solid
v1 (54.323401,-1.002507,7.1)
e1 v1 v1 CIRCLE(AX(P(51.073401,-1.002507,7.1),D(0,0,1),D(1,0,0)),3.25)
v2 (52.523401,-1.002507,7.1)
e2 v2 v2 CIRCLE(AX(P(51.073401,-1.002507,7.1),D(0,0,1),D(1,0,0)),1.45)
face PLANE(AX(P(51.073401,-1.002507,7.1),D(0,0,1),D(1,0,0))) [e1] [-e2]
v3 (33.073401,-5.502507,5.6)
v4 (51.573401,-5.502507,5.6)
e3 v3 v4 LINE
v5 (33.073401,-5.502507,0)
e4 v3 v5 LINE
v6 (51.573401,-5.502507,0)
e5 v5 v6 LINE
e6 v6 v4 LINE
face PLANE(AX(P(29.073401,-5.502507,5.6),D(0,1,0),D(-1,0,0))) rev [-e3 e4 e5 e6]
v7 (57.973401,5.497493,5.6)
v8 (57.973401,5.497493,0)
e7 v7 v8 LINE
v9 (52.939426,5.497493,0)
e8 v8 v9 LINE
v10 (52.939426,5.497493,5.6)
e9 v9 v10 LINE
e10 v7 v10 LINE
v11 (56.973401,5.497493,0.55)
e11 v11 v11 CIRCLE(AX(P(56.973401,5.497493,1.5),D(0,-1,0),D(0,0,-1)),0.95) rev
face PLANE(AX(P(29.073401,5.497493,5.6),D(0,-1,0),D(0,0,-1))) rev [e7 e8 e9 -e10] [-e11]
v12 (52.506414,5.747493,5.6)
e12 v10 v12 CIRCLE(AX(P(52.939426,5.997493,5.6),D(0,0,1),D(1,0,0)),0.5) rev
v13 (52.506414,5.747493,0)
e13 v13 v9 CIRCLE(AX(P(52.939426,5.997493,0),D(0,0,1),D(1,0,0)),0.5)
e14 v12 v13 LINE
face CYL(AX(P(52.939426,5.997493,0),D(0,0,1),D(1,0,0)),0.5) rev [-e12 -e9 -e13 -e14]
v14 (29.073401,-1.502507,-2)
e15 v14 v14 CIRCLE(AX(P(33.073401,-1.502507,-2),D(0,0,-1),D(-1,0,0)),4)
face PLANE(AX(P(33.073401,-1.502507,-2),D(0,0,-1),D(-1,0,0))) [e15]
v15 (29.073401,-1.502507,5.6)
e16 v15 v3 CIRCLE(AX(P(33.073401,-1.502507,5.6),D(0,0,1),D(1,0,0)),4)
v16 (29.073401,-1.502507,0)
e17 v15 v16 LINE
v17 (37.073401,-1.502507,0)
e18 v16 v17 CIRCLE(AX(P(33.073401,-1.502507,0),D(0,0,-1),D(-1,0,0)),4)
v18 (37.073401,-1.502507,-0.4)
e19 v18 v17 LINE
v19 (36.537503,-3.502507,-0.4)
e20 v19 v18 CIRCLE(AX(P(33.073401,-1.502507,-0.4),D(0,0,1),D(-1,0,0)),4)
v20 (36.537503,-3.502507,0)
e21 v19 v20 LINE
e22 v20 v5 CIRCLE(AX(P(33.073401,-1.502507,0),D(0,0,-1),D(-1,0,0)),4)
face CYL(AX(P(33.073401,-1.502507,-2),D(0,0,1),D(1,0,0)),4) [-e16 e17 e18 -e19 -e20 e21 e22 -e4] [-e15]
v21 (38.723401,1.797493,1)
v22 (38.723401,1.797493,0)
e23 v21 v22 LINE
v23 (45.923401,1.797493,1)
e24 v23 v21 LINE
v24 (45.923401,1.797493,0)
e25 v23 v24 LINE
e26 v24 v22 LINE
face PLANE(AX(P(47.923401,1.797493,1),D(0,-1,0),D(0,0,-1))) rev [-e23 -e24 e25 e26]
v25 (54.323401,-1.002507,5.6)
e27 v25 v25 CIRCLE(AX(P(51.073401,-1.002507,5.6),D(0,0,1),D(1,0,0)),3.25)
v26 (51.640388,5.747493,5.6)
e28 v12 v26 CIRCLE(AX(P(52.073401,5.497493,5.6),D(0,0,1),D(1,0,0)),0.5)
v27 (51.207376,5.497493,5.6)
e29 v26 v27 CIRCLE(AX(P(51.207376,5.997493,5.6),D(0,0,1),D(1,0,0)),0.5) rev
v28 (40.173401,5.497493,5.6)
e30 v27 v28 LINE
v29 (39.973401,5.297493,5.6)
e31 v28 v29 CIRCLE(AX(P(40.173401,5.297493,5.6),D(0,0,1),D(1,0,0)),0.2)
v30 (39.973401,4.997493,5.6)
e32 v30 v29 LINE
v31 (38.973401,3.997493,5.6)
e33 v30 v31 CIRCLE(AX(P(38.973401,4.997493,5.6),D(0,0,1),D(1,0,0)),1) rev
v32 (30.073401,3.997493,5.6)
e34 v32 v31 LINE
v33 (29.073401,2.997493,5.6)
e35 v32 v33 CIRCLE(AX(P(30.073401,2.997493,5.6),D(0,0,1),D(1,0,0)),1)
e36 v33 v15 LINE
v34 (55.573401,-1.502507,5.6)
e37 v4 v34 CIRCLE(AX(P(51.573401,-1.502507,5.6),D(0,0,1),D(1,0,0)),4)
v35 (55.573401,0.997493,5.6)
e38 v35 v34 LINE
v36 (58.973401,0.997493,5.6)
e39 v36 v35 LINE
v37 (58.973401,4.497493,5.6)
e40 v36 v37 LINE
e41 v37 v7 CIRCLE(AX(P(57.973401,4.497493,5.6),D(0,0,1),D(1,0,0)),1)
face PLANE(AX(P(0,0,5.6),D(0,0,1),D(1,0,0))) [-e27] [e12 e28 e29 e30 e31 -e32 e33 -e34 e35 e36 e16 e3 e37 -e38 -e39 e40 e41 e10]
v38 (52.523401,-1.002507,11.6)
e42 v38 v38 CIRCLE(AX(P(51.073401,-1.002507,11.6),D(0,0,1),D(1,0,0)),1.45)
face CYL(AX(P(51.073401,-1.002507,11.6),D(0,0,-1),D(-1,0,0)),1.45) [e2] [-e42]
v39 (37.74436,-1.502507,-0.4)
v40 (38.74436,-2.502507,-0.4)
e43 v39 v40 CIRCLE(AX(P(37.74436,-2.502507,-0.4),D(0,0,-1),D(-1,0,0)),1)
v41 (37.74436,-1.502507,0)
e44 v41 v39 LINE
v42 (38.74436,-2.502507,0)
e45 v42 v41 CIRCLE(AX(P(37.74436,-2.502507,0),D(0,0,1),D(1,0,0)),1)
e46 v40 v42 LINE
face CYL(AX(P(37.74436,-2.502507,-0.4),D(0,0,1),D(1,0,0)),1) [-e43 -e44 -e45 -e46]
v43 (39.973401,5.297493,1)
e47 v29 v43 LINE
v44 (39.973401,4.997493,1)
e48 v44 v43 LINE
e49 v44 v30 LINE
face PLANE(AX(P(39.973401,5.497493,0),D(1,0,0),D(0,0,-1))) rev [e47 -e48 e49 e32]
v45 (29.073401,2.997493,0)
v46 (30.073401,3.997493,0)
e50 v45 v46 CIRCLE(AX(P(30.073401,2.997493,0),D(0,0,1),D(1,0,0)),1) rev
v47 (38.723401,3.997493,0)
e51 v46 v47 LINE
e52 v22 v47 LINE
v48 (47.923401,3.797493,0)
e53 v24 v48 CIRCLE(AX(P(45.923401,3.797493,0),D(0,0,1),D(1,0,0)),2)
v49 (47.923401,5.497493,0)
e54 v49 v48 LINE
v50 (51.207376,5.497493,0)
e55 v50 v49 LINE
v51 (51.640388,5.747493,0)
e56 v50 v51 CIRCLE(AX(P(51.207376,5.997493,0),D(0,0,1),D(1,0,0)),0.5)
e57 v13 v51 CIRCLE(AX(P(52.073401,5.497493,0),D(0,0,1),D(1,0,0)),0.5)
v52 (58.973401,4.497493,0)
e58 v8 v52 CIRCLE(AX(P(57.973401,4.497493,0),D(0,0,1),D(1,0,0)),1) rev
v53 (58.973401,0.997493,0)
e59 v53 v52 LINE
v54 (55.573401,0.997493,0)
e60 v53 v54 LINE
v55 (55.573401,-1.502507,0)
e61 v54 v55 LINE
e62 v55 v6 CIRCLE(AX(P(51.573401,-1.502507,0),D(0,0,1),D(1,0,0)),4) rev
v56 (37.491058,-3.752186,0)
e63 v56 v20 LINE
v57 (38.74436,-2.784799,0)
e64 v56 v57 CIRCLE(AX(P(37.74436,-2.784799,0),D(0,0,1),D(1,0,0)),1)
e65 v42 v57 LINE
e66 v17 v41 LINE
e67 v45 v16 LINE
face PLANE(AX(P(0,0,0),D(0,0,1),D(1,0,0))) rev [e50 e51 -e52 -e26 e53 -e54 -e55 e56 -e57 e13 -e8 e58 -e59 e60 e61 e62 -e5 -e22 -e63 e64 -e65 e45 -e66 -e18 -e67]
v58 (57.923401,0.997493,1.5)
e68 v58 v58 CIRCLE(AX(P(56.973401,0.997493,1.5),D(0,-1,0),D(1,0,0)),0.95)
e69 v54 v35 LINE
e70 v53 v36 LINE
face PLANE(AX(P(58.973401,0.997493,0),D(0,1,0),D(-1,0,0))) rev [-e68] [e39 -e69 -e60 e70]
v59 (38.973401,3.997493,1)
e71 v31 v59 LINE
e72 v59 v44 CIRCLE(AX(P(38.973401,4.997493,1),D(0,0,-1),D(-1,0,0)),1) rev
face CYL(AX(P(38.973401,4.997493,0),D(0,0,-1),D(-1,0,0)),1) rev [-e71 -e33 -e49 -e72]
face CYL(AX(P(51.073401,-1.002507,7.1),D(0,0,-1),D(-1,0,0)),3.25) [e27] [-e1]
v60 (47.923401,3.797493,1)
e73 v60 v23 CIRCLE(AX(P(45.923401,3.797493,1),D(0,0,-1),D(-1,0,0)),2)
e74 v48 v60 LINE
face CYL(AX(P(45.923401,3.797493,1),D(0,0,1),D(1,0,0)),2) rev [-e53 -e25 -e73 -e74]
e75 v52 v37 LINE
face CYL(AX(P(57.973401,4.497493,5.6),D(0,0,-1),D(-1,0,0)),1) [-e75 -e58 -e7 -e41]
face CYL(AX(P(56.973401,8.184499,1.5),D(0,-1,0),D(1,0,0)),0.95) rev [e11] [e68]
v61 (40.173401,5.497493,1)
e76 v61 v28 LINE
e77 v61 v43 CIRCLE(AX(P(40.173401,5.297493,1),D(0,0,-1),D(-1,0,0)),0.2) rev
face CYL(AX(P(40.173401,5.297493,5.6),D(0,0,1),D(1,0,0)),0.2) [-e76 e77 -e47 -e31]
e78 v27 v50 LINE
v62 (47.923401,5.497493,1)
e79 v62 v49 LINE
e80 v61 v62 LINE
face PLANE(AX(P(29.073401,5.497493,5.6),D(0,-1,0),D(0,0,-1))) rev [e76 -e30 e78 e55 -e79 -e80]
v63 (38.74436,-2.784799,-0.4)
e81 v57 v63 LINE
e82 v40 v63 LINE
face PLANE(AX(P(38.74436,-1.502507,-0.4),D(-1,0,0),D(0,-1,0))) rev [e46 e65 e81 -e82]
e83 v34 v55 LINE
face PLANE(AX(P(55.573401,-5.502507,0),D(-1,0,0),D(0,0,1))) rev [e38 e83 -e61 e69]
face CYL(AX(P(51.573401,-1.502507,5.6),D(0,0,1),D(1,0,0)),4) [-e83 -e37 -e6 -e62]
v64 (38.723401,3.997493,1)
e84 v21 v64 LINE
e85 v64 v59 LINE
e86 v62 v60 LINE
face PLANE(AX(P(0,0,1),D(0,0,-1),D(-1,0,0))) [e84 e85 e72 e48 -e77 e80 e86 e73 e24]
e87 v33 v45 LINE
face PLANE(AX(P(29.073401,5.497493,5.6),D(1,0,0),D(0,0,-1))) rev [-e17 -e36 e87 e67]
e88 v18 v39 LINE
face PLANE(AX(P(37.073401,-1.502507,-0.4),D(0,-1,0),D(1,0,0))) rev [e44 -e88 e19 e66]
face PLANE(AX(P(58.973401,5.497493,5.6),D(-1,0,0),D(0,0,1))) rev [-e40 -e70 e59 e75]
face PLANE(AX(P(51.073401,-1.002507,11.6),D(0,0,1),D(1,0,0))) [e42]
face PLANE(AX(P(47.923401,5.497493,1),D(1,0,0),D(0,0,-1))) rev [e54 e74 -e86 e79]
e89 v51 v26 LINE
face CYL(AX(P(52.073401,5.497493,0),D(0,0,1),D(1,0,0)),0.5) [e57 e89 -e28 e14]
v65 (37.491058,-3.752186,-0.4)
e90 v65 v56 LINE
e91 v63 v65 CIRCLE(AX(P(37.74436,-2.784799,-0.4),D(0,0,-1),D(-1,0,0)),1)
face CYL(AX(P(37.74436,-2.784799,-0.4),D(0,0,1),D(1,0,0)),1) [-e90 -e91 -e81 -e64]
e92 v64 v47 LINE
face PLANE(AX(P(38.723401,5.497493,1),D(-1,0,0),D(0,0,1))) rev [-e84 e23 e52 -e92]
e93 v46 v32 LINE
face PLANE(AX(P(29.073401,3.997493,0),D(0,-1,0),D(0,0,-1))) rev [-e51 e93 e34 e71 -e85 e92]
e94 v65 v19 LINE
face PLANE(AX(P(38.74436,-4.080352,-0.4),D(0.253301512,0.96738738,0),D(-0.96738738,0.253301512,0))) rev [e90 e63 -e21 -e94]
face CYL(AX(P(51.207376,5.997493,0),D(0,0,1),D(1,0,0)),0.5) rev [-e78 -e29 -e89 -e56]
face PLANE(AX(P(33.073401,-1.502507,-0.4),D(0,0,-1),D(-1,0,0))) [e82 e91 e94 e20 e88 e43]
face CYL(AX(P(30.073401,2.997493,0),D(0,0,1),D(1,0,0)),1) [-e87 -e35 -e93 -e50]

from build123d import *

# Parameters (mm, degrees)
SKETCH1_W           = 29.9
SKETCH1_H           = 11
BOSS_EXTRUDE1_DEPTH = 5.6
SKETCH2_R           = 4
BOSS_EXTRUDE2_DEPTH = 2
CUT_EXTRUDE1_START  = -5.6
CUT_EXTRUDE1_DEPTH  = 5.6
SKETCH5_R           = 3.25
BOSS_EXTRUDE3_DEPTH = 1.5
SKETCH6_R           = 1.45
BOSS_EXTRUDE4_DEPTH = 4.5
SKETCH7_W           = 3.4
SKETCH7_H           = 6.5
CUT_EXTRUDE2_DEPTH  = 5.6
FILLET2_R           = 4
SKETCH8_R           = 0.5
BOSS_EXTRUDE5_DEPTH = 5.6
FILLET3_R           = 0.5
SKETCH9_R           = 0.95
CUT_EXTRUDE3_DEPTH  = 4.5
FILLET5_R           = 1
SKETCH10_W          = 10.9
SKETCH10_H          = 1.5
CUT_EXTRUDE4_DEPTH  = 5.6
FILLET6_R           = 1
FILLET7_R           = 1
FILLET8_R           = 0.2
SKETCH11_W          = 9.2
SKETCH11_H          = 3.7
CUT_EXTRUDE5_DEPTH  = 1
FILLET9_R           = 2
BOSS_EXTRUDE6_DEPTH = 0.4
FILLET10_R          = 1


with BuildPart() as part:
    # Sketch1 → Boss-Extrude1 (new body)
    with BuildSketch(Plane.XY):
        with Locations((44.023400912, -0.002506593)):
            Rectangle(SKETCH1_W, SKETCH1_H)
    extrude(amount=BOSS_EXTRUDE1_DEPTH)

    # Sketch2 → Boss-Extrude2 (add)
    with BuildSketch(Plane(origin=(0, 0, 0), x_dir=(-1, 0, 0), z_dir=(0, 0, -1))):
        with Locations((-33.073400912, -1.502506593)):
            Circle(SKETCH2_R)
    extrude(amount=BOSS_EXTRUDE2_DEPTH)

    # Sketch4 → Cut-Extrude1 (cut)
    with BuildSketch(Plane(origin=(0, 0, 0), x_dir=(-1, 0, 0), z_dir=(0, 0, -1)).offset(CUT_EXTRUDE1_START)):
        with BuildLine():
            Line((-29.073400912, -1.502506593), (-29.073400912, -5.502506593))
            Line((-29.073400912, -5.502506593), (-33.073400912, -5.502506593))
            ThreePointArc((-33.073400912, -5.502506593), (-30.244973787, -4.330933718), (-29.073400912, -1.502506593))
        make_face()
    extrude(amount=CUT_EXTRUDE1_DEPTH, mode=Mode.SUBTRACT)

    # Sketch5 → Boss-Extrude3 (add)
    with BuildSketch(Plane.XY.offset(5.6)):
        with Locations((51.073400912, -1.002506593)):
            Circle(SKETCH5_R)
    extrude(amount=BOSS_EXTRUDE3_DEPTH)

    # Sketch6 → Boss-Extrude4 (add)
    with BuildSketch(Plane.XY.offset(7.1)):
        with Locations((51.073400912, -1.002506593)):
            Circle(SKETCH6_R)
    extrude(amount=BOSS_EXTRUDE4_DEPTH)

    # Sketch7 → Cut-Extrude2 (cut)
    with BuildSketch(Plane.XY.offset(5.6)):
        with Locations((57.273400912, -2.252506593)):
            Rectangle(SKETCH7_W, SKETCH7_H)
    extrude(amount=-CUT_EXTRUDE2_DEPTH, mode=Mode.SUBTRACT)

    # Fillet2
    fillet2_edges = [part.edges().sort_by_distance(p)[0] for p in [
        (55.573400912, -5.502506593, 2.8),
    ]]
    fillet(fillet2_edges, radius=FILLET2_R)

    # Sketch8 → Boss-Extrude5 (add)
    with BuildSketch(Plane.XY.offset(5.6)):
        with Locations((52.073400912, 5.497493407)):
            Circle(SKETCH8_R)
    extrude(amount=-BOSS_EXTRUDE5_DEPTH)

    # Fillet3
    fillet3_edges = [part.edges().sort_by_distance(p)[0] for p in [
        (52.573400912, 5.497493407, 2.8),
        (51.573400912, 5.497493407, 2.8),
    ]]
    fillet(fillet3_edges, radius=FILLET3_R)

    # Sketch9 → Cut-Extrude3 (cut)
    with BuildSketch(Plane.XZ.offset(-0.997493407)):
        with Locations((56.973400912, 1.5)):
            Circle(SKETCH9_R)
    extrude(amount=-CUT_EXTRUDE3_DEPTH, mode=Mode.SUBTRACT)

    # Fillet5
    fillet5_edges = [part.edges().sort_by_distance(p)[0] for p in [
        (58.973400912, 5.497493407, 2.8),
    ]]
    fillet(fillet5_edges, radius=FILLET5_R)

    # Sketch10 → Cut-Extrude4 (cut)
    with BuildSketch(Plane.XY.offset(5.6)):
        with Locations((34.523400912, 4.747493407)):
            Rectangle(SKETCH10_W, SKETCH10_H)
    extrude(amount=-CUT_EXTRUDE4_DEPTH, mode=Mode.SUBTRACT)

    # Fillet6
    fillet6_edges = [part.edges().sort_by_distance(p)[0] for p in [
        (29.073400912, 3.997493407, 2.8),
    ]]
    fillet(fillet6_edges, radius=FILLET6_R)

    # Fillet7
    fillet7_edges = [part.edges().sort_by_distance(p)[0] for p in [
        (39.973400912, 3.997493407, 2.8),
    ]]
    fillet(fillet7_edges, radius=FILLET7_R)

    # Fillet8
    fillet8_edges = [part.edges().sort_by_distance(p)[0] for p in [
        (39.973400912, 5.497493407, 2.8),
    ]]
    fillet(fillet8_edges, radius=FILLET8_R)

    # Sketch11 → Cut-Extrude5 (cut)
    with BuildSketch(Plane(origin=(0, 0, 0), x_dir=(-1, 0, 0), z_dir=(0, 0, -1))):
        with Locations((-43.323400912, 3.647493407)):
            Rectangle(SKETCH11_W, SKETCH11_H)
    extrude(amount=-CUT_EXTRUDE5_DEPTH, mode=Mode.SUBTRACT)

    # Fillet9
    fillet9_edges = [part.edges().sort_by_distance(p)[0] for p in [
        (47.923400912, 1.797493407, 0.5),
    ]]
    fillet(fillet9_edges, radius=FILLET9_R)

    # Sketch12 → Boss-Extrude6 (add)
    with BuildSketch(Plane(origin=(0, 0, 0), x_dir=(-1, 0, 0), z_dir=(0, 0, -1))):
        with BuildLine():
            Line((-37.073400912, -1.502506593), (-38.744359598, -1.502506593))
            Line((-38.744359598, -1.502506593), (-38.744359598, -4.080351874))
            Line((-38.744359598, -4.080351874), (-36.537502527, -3.502506593))
            ThreePointArc((-36.537502527, -3.502506593), (-36.937104217, -2.537782773), (-37.073400912, -1.502506593))
        make_face()
    extrude(amount=BOSS_EXTRUDE6_DEPTH)

    # Fillet10
    fillet10_edges = [part.edges().sort_by_distance(p)[0] for p in [
        (38.744359598, -1.502506593, -0.2),
        (38.744359598, -4.080351874, -0.2),
    ]]
    fillet(fillet10_edges, radius=FILLET10_R)


solid = part.part
